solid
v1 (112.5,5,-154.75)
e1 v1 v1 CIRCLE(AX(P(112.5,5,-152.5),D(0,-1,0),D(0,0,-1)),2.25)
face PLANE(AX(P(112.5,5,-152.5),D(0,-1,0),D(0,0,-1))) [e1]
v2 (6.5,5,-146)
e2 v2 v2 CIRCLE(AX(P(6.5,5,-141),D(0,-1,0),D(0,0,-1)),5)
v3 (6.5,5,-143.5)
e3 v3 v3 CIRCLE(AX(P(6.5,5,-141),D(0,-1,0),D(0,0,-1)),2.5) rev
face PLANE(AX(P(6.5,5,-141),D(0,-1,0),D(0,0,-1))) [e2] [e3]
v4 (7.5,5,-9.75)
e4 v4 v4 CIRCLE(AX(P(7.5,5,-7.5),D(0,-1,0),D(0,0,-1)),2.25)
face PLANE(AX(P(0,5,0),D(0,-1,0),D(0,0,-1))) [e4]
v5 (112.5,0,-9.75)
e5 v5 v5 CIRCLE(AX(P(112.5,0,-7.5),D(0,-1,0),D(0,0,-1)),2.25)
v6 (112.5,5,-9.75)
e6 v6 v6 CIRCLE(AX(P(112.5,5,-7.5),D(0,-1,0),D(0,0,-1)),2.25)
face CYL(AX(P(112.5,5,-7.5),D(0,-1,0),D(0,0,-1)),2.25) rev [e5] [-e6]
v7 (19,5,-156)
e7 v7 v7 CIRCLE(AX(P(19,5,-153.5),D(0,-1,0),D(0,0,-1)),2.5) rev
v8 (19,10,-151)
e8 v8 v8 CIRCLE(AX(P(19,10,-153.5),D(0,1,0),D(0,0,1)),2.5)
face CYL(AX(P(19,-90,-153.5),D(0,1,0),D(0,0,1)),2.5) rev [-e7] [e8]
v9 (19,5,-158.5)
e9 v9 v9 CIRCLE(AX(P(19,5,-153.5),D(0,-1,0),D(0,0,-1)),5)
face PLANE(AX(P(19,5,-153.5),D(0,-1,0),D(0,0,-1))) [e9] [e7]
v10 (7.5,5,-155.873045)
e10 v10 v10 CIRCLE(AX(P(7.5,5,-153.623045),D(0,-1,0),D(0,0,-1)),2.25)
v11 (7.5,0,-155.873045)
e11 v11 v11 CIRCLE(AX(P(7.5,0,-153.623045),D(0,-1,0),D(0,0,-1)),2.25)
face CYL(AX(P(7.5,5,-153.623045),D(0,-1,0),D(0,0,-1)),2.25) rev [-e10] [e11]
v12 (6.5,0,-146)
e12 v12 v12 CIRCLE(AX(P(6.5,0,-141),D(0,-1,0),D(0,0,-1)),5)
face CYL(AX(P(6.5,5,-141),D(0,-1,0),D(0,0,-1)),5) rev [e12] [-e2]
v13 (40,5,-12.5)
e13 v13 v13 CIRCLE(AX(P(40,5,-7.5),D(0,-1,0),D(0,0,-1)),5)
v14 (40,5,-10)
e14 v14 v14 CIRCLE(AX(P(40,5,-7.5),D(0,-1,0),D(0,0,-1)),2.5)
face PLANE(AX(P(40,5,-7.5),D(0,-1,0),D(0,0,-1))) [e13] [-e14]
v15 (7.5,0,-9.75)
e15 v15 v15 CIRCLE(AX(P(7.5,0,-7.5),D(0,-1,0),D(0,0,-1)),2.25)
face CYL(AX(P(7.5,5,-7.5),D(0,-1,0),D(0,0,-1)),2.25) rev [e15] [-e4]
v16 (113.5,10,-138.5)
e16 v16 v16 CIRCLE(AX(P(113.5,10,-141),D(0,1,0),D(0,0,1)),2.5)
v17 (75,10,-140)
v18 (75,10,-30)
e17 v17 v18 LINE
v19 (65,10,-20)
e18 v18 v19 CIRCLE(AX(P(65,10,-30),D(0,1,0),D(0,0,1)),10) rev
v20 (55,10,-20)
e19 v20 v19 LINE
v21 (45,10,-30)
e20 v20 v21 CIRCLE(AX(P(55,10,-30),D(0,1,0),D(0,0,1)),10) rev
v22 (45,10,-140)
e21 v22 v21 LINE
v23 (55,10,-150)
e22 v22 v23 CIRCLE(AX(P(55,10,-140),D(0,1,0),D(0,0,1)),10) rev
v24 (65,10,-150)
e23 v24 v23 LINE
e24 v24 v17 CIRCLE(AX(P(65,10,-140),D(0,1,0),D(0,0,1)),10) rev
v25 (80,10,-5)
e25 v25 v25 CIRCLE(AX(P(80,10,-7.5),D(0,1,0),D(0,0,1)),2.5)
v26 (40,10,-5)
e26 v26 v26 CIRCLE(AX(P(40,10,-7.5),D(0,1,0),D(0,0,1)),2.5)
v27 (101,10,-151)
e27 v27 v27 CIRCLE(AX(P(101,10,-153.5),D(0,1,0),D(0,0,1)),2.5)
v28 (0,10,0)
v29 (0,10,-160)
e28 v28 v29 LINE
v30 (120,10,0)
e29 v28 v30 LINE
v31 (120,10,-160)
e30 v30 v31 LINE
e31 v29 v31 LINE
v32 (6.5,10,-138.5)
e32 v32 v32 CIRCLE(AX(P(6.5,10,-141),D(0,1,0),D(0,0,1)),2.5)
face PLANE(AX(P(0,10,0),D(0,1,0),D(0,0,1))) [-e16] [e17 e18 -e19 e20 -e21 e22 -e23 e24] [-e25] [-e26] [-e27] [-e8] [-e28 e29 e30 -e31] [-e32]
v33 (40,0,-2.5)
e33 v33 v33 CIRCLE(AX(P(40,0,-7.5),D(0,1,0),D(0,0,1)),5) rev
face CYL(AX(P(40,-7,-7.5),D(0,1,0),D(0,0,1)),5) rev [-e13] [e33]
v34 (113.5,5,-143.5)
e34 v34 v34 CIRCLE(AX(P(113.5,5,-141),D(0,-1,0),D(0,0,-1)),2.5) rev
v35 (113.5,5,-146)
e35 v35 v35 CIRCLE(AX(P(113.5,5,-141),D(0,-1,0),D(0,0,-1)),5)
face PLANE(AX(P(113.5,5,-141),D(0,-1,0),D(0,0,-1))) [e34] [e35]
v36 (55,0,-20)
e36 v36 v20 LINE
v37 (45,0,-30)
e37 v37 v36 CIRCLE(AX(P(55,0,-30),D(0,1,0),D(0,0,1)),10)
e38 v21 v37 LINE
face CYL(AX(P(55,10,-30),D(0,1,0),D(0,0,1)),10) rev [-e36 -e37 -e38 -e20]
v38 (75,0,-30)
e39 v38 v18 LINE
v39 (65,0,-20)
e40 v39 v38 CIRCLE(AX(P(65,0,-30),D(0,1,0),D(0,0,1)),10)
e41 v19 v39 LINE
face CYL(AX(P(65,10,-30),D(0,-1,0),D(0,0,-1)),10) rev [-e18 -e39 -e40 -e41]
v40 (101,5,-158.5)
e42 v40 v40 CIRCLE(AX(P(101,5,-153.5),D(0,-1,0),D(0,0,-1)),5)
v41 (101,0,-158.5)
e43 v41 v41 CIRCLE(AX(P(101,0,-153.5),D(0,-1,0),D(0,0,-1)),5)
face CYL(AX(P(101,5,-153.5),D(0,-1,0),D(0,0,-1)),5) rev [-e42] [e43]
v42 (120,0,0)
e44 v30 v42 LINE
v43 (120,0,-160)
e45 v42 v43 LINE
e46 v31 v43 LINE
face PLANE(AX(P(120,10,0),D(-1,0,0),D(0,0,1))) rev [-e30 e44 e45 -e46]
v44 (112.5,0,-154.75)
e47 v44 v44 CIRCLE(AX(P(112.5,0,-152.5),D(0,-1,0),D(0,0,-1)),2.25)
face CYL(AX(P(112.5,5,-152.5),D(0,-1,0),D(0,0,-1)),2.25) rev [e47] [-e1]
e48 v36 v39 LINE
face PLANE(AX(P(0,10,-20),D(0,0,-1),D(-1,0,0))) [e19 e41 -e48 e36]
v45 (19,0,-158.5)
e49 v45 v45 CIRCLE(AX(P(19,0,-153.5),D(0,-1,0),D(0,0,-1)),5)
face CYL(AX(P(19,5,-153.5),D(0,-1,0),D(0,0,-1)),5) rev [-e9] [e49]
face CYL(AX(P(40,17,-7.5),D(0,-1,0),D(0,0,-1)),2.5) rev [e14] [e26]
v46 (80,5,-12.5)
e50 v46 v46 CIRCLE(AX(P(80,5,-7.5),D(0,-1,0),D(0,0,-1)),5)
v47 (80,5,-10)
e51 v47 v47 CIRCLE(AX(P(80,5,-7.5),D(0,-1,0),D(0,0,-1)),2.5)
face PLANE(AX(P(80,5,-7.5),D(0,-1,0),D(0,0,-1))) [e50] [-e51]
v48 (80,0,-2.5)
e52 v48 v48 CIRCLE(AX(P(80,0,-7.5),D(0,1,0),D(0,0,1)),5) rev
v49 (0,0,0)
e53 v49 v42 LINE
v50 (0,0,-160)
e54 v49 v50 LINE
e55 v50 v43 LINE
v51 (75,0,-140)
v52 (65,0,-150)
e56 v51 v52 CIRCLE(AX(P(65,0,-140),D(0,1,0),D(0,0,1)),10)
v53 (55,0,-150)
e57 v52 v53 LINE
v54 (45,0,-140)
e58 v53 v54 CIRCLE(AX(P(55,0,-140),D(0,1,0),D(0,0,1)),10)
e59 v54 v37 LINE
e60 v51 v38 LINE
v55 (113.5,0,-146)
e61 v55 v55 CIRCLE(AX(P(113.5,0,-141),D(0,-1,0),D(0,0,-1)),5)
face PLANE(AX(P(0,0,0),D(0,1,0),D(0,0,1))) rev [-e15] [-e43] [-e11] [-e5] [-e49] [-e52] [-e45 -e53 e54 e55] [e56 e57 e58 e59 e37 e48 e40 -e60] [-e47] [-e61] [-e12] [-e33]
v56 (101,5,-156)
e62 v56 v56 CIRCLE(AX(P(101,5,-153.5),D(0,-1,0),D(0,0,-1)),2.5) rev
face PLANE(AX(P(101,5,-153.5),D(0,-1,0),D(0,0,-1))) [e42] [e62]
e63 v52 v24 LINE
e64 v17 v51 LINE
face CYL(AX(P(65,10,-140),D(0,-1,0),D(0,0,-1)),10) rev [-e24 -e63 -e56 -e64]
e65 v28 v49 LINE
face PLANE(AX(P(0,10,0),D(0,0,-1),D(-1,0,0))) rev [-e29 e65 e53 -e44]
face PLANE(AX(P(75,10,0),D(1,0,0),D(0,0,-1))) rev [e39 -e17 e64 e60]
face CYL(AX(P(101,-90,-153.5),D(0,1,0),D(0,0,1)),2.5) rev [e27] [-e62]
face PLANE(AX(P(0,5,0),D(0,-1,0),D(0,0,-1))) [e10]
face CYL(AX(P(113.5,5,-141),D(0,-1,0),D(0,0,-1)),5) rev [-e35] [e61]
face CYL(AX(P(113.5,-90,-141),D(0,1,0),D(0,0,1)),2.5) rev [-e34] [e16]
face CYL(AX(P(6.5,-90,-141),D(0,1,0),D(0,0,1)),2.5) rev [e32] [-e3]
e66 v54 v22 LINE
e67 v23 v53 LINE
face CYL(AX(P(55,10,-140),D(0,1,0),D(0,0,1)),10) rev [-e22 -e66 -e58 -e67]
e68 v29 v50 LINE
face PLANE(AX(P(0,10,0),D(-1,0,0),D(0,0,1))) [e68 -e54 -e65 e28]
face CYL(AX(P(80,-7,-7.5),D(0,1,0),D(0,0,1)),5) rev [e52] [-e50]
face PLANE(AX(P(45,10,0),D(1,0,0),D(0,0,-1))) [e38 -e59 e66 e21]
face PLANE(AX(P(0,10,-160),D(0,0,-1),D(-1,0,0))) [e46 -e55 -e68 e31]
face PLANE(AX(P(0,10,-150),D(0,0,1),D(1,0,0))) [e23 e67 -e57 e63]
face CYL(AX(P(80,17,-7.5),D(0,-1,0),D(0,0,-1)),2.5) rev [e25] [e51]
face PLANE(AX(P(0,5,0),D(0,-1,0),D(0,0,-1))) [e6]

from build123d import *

# Parameters (mm, degrees)
BOSS_EXTRUDE3_DEPTH = 10
FILLET3_R           = 10
SKETCH2_R           = 2.5
CUT_EXTRUDE1_DEPTH  = 100
SKETCH3_R           = 2.5
CUT_EXTRUDE3_DEPTH  = 100
SKETCH4_R           = 5
CUT_EXTRUDE4_DEPTH  = 5
SKETCH5_R           = 2.25
CUT_EXTRUDE7_DEPTH  = 5
SKETCH8_R           = 2.25
CUT_EXTRUDE8_DEPTH  = 5
SKETCH9_R           = 2.25
CUT_EXTRUDE9_DEPTH  = 5
SKETCH10_R          = 5
CUT_EXTRUDE13_DEPTH = 12
SKETCH12_R          = 2.5
CUT_EXTRUDE14_DEPTH = 12


with BuildPart() as part:
    # Sketch1 → Boss-Extrude3 (new body)
    with BuildSketch(Plane(origin=(0, 0, 0), x_dir=(1, 0, 0), z_dir=(0, 1, 0))):
        Polygon((60, 150), (60, 160), (0, 160), (0, 80), (45, 80), (45, 150), align=None)
        Polygon((120, 160), (60, 160), (60, 150), (75, 150), (75, 80), (120, 80), align=None)
        Polygon((120, 0), (120, 80), (75, 80), (75, 20), (60, 20), (60, 0), align=None)
        Polygon((45, 80), (0, 80), (0, 0), (60, 0), (60, 20), (45, 20), align=None)
    extrude(amount=BOSS_EXTRUDE3_DEPTH)

    # Fillet3
    fillet3_edges = [part.edges().sort_by_distance(p)[0] for p in [
        (75, 5, -150),
        (45, 5, -150),
        (45, 5, -20),
        (75, 5, -20),
    ]]
    fillet(fillet3_edges, radius=FILLET3_R)

    # Sketch2 → Cut-Extrude1 (cut)
    with BuildSketch(Plane(origin=(0, 10, 0), x_dir=(1, 0, 0), z_dir=(0, 1, 0))):
        with Locations(Location((19, 153.5, 0), (0, 0, 270))):
            Circle(SKETCH2_R)
        with Locations(Location((6.5, 141, 0), (0, 0, 270))):
            Circle(SKETCH2_R)
    extrude(amount=-CUT_EXTRUDE1_DEPTH, mode=Mode.SUBTRACT)

    # Sketch3 → Cut-Extrude3 (cut)
    with BuildSketch(Plane(origin=(0, 10, 0), x_dir=(1, 0, 0), z_dir=(0, 1, 0))):
        with Locations(Location((113.5, 141, 0), (0, 0, 270))):
            Circle(SKETCH3_R)
        with Locations(Location((101, 153.5, 0), (0, 0, 270))):
            Circle(SKETCH3_R)
    extrude(amount=-CUT_EXTRUDE3_DEPTH, mode=Mode.SUBTRACT)

    # Sketch4 → Cut-Extrude4 (cut)
    with BuildSketch(Plane.XZ):
        with Locations(Location((113.5, -141, 0), (0, 0, 270))):
            Circle(SKETCH4_R)
        with Locations(Location((101, -153.5, 0), (0, 0, 270))):
            Circle(SKETCH4_R)
        with Locations(Location((19, -153.5, 0), (0, 0, 270))):
            Circle(SKETCH4_R)
        with Locations(Location((6.5, -141, 0), (0, 0, 270))):
            Circle(SKETCH4_R)
    extrude(amount=-CUT_EXTRUDE4_DEPTH, mode=Mode.SUBTRACT)

    # Sketch5 → Cut-Extrude7 (cut)
    with BuildSketch(Plane.XZ):
        with Locations(Location((112.5, -152.5, 0), (0, 0, 270))):
            Circle(SKETCH5_R)
    extrude(amount=-CUT_EXTRUDE7_DEPTH, mode=Mode.SUBTRACT)

    # Sketch8 → Cut-Extrude8 (cut)
    with BuildSketch(Plane(origin=(0, 0, 0), x_dir=(-1, 0, 0), z_dir=(0, -1, 0))):
        with Locations(Location((-7.5, 153.623044918, 0), (0, 0, 90))):
            Circle(SKETCH8_R)
    extrude(amount=-CUT_EXTRUDE8_DEPTH, mode=Mode.SUBTRACT)

    # Sketch9 → Cut-Extrude9 (cut)
    with BuildSketch(Plane(origin=(0, 0, 0), x_dir=(-1, 0, 0), z_dir=(0, -1, 0))):
        with Locations(Location((-7.5, 7.5, 0), (0, 0, 90))):
            Circle(SKETCH9_R)
        with Locations(Location((-112.5, 7.5, 0), (0, 0, 90))):
            Circle(SKETCH9_R)
    extrude(amount=-CUT_EXTRUDE9_DEPTH, mode=Mode.SUBTRACT)

    # Sketch10 → Cut-Extrude13 (cut)
    with BuildSketch(Plane(origin=(0, 5, 0), x_dir=(-1, 0, 0), z_dir=(0, -1, 0))):
        with Locations(Location((-80, 7.5, 0), (0, 0, 270))):
            Circle(SKETCH10_R)
        with Locations(Location((-40, 7.5, 0), (0, 0, 270))):
            Circle(SKETCH10_R)
    extrude(amount=CUT_EXTRUDE13_DEPTH, mode=Mode.SUBTRACT)

    # Sketch12 → Cut-Extrude14 (cut)
    with BuildSketch(Plane(origin=(0, 5, 0), x_dir=(-1, 0, 0), z_dir=(0, -1, 0))):
        with Locations(Location((-80, 7.5, 0), (0, 0, 90))):
            Circle(SKETCH12_R)
        with Locations(Location((-40, 7.5, 0), (0, 0, 90))):
            Circle(SKETCH12_R)
    extrude(amount=-CUT_EXTRUDE14_DEPTH, mode=Mode.SUBTRACT)


solid = part.part
